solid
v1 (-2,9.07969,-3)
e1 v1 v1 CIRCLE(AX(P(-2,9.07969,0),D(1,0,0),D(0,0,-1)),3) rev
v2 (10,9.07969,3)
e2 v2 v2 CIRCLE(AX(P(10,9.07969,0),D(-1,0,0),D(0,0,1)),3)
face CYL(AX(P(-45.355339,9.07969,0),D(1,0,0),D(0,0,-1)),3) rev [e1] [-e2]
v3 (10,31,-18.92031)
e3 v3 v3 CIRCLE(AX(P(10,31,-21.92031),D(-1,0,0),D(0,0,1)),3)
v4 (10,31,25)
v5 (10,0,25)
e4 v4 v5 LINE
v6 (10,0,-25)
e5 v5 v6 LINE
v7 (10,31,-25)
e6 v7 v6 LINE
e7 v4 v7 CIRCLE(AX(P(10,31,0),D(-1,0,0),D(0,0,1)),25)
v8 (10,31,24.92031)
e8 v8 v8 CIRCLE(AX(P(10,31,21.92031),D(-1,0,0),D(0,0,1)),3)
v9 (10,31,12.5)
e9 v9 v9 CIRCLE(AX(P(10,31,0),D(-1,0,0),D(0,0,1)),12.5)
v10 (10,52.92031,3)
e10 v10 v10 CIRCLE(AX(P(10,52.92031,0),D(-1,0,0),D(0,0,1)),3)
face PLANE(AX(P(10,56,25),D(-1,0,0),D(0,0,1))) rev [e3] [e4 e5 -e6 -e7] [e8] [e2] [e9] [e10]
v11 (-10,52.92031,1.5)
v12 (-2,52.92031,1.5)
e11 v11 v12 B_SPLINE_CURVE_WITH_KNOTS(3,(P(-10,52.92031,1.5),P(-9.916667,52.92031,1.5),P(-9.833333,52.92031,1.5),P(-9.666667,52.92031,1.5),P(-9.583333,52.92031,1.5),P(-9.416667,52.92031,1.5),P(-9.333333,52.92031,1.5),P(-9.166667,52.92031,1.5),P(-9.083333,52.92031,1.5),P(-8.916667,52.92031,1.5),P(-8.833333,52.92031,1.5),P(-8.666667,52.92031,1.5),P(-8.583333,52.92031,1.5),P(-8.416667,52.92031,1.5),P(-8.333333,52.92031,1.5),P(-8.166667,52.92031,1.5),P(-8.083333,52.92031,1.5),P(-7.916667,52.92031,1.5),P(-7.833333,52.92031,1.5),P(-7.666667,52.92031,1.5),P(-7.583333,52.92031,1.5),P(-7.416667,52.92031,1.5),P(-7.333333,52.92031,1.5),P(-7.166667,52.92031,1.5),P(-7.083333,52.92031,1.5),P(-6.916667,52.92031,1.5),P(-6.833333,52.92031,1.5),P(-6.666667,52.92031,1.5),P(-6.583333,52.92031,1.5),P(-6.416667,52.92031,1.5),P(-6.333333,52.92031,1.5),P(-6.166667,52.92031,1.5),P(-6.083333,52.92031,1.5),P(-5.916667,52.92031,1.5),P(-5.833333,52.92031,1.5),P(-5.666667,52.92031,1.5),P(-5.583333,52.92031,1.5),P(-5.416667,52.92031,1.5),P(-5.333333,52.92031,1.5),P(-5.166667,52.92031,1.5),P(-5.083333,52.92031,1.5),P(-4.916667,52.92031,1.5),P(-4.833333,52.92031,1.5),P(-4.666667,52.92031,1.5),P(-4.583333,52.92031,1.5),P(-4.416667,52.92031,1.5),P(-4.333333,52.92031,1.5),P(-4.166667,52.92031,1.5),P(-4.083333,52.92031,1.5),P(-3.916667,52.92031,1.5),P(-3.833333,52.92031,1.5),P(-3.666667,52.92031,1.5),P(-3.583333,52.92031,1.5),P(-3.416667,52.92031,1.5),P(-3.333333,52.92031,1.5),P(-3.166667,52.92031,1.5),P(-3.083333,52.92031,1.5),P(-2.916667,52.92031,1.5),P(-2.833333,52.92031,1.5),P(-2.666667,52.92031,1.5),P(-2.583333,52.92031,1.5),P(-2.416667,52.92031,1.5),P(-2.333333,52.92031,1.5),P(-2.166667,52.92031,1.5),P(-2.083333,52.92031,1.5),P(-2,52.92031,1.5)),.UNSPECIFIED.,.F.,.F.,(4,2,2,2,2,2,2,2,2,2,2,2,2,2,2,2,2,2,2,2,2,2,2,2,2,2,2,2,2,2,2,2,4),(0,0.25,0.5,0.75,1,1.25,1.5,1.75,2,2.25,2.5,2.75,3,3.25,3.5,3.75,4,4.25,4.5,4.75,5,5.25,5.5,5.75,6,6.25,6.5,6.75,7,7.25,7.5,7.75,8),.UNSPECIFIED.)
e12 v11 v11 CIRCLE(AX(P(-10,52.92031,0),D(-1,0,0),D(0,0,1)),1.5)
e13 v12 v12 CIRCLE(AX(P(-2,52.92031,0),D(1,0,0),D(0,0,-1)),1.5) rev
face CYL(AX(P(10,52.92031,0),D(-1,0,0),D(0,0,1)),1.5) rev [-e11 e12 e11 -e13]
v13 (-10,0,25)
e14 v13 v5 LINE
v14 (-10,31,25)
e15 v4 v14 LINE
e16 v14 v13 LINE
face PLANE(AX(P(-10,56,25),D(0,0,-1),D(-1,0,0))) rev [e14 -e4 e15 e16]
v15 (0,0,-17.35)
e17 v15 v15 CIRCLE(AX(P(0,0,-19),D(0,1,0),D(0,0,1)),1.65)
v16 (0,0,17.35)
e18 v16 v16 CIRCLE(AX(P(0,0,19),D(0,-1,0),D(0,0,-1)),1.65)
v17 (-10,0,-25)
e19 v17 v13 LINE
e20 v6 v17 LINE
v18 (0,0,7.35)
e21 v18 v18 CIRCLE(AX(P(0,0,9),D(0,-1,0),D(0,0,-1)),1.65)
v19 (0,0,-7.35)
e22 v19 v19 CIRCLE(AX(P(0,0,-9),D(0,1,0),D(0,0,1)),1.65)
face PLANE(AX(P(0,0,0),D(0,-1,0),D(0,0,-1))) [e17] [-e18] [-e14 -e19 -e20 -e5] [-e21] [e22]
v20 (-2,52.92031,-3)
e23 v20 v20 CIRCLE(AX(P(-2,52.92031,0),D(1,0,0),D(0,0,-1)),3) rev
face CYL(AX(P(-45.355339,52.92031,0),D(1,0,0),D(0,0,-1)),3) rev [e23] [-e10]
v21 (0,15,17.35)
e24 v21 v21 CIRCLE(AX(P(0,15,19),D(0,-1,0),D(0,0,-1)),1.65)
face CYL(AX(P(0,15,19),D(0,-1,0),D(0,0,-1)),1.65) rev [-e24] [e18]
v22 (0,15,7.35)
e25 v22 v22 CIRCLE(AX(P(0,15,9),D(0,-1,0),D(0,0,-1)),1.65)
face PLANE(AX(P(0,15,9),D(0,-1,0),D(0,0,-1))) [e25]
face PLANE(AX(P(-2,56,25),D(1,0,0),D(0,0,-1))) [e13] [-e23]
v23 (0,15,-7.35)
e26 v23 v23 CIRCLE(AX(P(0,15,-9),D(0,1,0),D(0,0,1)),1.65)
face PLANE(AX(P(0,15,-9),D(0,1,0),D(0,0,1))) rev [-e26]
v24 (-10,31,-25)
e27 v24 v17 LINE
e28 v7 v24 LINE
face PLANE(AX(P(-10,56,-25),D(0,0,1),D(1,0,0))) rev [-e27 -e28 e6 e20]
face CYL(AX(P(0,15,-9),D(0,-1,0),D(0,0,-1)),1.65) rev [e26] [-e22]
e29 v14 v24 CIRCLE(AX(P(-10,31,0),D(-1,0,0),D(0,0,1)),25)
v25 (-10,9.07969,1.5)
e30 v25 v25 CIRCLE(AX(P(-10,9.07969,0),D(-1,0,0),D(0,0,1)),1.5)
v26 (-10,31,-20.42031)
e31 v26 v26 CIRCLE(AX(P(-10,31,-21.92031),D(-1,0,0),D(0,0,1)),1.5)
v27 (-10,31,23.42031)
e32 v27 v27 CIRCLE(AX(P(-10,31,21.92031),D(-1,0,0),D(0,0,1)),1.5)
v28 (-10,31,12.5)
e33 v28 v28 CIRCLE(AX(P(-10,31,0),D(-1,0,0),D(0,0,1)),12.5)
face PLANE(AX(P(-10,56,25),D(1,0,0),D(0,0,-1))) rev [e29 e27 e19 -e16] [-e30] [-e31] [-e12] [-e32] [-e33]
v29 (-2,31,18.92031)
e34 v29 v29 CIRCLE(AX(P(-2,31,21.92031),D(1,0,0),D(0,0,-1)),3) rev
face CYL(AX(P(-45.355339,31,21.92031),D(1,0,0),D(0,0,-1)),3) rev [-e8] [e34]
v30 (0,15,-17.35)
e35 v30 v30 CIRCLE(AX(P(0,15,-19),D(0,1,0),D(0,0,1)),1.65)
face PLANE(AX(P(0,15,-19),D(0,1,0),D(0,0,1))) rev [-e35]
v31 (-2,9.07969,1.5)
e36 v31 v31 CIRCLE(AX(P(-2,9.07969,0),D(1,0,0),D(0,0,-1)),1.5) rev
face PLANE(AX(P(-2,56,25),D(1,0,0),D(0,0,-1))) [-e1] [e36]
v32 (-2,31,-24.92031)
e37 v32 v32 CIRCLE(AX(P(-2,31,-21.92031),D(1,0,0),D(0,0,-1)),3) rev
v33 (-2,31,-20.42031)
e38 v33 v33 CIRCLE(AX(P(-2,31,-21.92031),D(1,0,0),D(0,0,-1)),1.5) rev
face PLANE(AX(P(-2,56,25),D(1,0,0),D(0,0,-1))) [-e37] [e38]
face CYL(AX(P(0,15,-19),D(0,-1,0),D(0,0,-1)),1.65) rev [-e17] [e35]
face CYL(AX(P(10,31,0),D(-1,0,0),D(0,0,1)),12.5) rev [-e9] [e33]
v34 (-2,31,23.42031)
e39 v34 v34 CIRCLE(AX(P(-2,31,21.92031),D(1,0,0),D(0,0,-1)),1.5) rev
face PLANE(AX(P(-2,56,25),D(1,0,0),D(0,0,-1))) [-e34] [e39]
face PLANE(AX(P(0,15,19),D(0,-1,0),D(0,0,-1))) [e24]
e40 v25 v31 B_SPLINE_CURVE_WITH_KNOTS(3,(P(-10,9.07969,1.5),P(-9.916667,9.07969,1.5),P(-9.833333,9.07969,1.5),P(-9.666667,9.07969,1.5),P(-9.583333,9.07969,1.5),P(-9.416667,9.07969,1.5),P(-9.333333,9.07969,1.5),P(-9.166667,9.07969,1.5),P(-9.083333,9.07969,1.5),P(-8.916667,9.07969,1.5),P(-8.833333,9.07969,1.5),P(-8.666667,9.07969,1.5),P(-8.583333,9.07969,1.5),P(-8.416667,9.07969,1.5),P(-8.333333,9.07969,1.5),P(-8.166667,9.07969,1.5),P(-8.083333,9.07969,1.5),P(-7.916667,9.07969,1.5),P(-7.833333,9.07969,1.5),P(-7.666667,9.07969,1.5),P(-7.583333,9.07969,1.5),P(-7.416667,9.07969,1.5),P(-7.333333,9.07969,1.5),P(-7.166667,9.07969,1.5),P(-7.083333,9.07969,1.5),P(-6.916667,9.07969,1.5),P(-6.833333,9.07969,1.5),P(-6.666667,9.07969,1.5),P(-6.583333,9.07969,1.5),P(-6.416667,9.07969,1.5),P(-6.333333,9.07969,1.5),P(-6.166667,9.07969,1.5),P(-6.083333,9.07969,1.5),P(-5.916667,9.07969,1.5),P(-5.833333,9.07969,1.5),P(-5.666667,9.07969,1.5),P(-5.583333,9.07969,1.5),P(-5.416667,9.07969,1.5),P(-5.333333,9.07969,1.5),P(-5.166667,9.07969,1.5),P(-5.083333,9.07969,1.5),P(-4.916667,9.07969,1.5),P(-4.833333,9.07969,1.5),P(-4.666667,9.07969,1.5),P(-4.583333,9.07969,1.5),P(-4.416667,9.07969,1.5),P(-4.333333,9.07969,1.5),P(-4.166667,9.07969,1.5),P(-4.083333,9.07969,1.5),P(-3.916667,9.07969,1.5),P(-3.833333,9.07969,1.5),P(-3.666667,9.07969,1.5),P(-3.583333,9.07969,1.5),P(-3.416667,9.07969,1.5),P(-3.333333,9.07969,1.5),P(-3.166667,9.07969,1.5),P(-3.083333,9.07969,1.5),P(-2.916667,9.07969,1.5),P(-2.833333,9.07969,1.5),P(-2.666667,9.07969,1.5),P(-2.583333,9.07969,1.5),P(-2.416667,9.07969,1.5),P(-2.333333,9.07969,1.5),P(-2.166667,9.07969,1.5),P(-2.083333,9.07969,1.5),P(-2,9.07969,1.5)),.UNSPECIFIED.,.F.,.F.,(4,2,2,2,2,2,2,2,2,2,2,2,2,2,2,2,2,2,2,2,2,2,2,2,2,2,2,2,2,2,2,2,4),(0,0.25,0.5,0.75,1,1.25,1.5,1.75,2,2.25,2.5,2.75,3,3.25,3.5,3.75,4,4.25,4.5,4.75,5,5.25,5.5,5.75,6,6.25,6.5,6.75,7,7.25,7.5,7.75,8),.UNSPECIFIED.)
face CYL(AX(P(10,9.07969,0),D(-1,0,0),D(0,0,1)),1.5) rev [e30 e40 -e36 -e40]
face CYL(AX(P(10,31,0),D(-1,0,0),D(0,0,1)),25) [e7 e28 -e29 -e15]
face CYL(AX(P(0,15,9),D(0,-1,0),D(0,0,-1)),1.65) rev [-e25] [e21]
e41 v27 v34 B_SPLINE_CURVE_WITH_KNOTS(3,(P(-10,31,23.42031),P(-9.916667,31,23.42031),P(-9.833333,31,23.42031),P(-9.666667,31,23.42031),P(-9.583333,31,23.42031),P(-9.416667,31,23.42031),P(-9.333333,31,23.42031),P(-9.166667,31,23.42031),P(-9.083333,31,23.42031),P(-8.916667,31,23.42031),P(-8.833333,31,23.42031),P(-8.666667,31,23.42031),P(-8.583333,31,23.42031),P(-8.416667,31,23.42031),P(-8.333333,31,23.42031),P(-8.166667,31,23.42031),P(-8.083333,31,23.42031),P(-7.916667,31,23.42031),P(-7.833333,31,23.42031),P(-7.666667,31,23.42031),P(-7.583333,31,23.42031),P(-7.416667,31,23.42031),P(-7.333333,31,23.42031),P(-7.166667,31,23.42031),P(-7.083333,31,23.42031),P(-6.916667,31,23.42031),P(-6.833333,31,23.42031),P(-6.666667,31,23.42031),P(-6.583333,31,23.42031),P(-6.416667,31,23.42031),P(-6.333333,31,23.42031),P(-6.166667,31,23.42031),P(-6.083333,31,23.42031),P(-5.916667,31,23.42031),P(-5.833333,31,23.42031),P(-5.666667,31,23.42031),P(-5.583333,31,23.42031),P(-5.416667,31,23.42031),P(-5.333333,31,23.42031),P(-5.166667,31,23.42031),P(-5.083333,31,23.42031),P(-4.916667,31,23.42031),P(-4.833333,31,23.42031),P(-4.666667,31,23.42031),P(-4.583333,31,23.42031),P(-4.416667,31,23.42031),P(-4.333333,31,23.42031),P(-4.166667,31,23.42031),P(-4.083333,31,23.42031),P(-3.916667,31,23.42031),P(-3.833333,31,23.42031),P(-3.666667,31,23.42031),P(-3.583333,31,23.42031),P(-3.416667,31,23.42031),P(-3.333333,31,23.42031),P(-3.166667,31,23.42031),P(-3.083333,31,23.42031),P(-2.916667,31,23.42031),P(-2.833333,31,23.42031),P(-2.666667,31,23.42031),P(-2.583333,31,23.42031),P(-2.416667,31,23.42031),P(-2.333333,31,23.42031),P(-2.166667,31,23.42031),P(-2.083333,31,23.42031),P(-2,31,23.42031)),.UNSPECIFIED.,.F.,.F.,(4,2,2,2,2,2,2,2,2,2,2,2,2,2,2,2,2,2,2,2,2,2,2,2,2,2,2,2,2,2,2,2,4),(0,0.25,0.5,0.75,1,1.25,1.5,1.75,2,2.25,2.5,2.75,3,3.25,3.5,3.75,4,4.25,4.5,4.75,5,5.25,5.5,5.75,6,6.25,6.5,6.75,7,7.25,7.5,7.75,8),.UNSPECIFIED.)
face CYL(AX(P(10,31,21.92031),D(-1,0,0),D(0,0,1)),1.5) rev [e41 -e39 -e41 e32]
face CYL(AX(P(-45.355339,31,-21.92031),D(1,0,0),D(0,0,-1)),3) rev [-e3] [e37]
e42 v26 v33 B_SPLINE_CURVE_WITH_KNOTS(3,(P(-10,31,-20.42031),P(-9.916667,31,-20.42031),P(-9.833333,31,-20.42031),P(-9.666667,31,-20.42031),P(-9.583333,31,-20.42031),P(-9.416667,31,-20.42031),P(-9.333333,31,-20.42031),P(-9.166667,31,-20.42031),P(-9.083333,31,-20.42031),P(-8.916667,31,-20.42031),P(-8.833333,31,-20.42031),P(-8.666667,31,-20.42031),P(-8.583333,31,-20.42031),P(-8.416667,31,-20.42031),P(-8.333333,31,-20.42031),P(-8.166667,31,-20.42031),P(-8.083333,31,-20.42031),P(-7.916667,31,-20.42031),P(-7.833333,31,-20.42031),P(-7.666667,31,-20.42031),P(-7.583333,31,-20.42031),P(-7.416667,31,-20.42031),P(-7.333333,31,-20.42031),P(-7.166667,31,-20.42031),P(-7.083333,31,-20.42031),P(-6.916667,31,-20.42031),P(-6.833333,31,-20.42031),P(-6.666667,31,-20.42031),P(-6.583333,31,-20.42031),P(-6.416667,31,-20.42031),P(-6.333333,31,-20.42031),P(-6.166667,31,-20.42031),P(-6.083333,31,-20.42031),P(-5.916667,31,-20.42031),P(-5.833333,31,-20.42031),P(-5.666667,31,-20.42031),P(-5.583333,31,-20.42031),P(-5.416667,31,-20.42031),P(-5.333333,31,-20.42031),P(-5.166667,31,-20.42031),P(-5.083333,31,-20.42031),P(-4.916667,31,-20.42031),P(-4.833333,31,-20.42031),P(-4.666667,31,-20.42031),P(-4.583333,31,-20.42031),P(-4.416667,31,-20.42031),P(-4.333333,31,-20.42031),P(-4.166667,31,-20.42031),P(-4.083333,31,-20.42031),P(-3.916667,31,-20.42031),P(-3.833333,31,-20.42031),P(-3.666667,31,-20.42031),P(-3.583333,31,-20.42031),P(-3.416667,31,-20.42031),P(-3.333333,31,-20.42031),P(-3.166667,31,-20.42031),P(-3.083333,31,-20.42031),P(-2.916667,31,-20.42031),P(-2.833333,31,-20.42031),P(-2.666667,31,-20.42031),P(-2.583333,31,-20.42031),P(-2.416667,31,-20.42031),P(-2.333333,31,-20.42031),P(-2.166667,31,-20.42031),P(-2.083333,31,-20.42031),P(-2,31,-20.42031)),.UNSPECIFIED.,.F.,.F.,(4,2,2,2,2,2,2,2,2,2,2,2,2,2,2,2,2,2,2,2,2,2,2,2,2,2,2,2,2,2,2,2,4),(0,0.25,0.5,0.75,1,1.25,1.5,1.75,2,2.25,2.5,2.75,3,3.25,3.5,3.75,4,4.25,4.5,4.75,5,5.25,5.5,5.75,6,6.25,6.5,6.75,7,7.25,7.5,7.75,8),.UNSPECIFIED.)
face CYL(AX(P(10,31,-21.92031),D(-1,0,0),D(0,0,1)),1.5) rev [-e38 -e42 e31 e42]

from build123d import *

# Parameters (mm, degrees)
SKIZZE1_W                            = 20
SKIZZE1_H                            = 50
AUFSATZ_LINEAR_AUSTRAGEN1_DEPTH      = 56
SKIZZE2_R                            = 12.5
SCHNITT_LINEAR_AUSTRAGEN1_DEPTH      = 65.505813691
SKIZZE3_R                            = 1.65
SCHNITT_LINEAR_AUSTRAGEN2_DEPTH      = 15
SKIZZE4_R                            = 1.5
SCHNITT_LINEAR_AUSTRAGEN3_DEPTH      = 20
SCHNITT_LINEAR_AUSTRAGEN4_DEPTH      = 65.505813691
SCHNITT_LINEAR_AUSTRAGEN4_DEPTH_BACK = 12
SKIZZE5_R                            = 12.5
SKIZZE5_R_2                          = 3


with BuildPart() as part:
    # Skizze1 → Aufsatz-Linear austragen1 (new body)
    with BuildSketch(Plane(origin=(0, 0, 0), x_dir=(1, 0, 0), z_dir=(0, 1, 0))):
        Rectangle(SKIZZE1_W, SKIZZE1_H)
    extrude(amount=AUFSATZ_LINEAR_AUSTRAGEN1_DEPTH)

    # Skizze2 → Schnitt-Linear austragen1 (cut, through all)
    with BuildSketch(Plane.ZY.offset(10)):
        with BuildLine():
            Line((-25, 56), (-25, 31))
            ThreePointArc((-25, 31), (-17.677669509, 48.67766955), (5.8e-08, 56))
            Line((5.8e-08, 56), (-25, 56))
        make_face()
        with BuildLine():
            ThreePointArc((5.8e-08, 56), (17.67766955, 48.677669509), (25, 31))
            Line((25, 31), (25, 56))
            Line((25, 56), (5.8e-08, 56))
        make_face()
        with Locations((0, 31)):
            Circle(SKIZZE2_R)
    extrude(amount=-SCHNITT_LINEAR_AUSTRAGEN1_DEPTH, mode=Mode.SUBTRACT)

    # Skizze3 → Schnitt-Linear austragen2 (cut)
    with BuildSketch(Plane.XZ):
        with Locations(Location((0, 19, 0), (0, 0, 270))):
            Circle(SKIZZE3_R)
        with Locations(Location((0, 9, 0), (0, 0, 270))):
            Circle(SKIZZE3_R)
        with Locations(Location((0, -9, 0), (0, 0, 90))):
            Circle(SKIZZE3_R)
        with Locations(Location((0, -19, 0), (0, 0, 90))):
            Circle(SKIZZE3_R)
    extrude(amount=-SCHNITT_LINEAR_AUSTRAGEN2_DEPTH, mode=Mode.SUBTRACT)

    # Skizze4 → Schnitt-Linear austragen3 (cut)
    with BuildSketch(Plane.ZY.offset(10)):
        with Locations((-21.920310217, 31)):
            Circle(SKIZZE4_R)
        with Locations((0, 52.920310217)):
            Circle(SKIZZE4_R)
        with Locations((21.920310217, 31)):
            Circle(SKIZZE4_R)
        with Locations((0, 9.079689783)):
            Circle(SKIZZE4_R)
    extrude(amount=-SCHNITT_LINEAR_AUSTRAGEN3_DEPTH, mode=Mode.SUBTRACT)

    # Skizze5 → Schnitt-Linear austragen4 (cut, two sides: drawn at the far end of the back side and taken through both)
    with BuildSketch(Plane(origin=(10, 0, 0), x_dir=(0, 0, -1), z_dir=(1, 0, 0)).offset(-SCHNITT_LINEAR_AUSTRAGEN4_DEPTH_BACK)):
        with Locations(Location((0, 31, 0), (0, 0, 180))):
            Circle(SKIZZE5_R)
        with Locations((21.920310217, 31)):
            Circle(SKIZZE5_R_2)
        with Locations((0, 9.079689783)):
            Circle(SKIZZE5_R_2)
        with Locations((-21.920310217, 31)):
            Circle(SKIZZE5_R_2)
        with Locations((0, 52.920310217)):
            Circle(SKIZZE5_R_2)
    extrude(amount=SCHNITT_LINEAR_AUSTRAGEN4_DEPTH + SCHNITT_LINEAR_AUSTRAGEN4_DEPTH_BACK, mode=Mode.SUBTRACT)


solid = part.part
